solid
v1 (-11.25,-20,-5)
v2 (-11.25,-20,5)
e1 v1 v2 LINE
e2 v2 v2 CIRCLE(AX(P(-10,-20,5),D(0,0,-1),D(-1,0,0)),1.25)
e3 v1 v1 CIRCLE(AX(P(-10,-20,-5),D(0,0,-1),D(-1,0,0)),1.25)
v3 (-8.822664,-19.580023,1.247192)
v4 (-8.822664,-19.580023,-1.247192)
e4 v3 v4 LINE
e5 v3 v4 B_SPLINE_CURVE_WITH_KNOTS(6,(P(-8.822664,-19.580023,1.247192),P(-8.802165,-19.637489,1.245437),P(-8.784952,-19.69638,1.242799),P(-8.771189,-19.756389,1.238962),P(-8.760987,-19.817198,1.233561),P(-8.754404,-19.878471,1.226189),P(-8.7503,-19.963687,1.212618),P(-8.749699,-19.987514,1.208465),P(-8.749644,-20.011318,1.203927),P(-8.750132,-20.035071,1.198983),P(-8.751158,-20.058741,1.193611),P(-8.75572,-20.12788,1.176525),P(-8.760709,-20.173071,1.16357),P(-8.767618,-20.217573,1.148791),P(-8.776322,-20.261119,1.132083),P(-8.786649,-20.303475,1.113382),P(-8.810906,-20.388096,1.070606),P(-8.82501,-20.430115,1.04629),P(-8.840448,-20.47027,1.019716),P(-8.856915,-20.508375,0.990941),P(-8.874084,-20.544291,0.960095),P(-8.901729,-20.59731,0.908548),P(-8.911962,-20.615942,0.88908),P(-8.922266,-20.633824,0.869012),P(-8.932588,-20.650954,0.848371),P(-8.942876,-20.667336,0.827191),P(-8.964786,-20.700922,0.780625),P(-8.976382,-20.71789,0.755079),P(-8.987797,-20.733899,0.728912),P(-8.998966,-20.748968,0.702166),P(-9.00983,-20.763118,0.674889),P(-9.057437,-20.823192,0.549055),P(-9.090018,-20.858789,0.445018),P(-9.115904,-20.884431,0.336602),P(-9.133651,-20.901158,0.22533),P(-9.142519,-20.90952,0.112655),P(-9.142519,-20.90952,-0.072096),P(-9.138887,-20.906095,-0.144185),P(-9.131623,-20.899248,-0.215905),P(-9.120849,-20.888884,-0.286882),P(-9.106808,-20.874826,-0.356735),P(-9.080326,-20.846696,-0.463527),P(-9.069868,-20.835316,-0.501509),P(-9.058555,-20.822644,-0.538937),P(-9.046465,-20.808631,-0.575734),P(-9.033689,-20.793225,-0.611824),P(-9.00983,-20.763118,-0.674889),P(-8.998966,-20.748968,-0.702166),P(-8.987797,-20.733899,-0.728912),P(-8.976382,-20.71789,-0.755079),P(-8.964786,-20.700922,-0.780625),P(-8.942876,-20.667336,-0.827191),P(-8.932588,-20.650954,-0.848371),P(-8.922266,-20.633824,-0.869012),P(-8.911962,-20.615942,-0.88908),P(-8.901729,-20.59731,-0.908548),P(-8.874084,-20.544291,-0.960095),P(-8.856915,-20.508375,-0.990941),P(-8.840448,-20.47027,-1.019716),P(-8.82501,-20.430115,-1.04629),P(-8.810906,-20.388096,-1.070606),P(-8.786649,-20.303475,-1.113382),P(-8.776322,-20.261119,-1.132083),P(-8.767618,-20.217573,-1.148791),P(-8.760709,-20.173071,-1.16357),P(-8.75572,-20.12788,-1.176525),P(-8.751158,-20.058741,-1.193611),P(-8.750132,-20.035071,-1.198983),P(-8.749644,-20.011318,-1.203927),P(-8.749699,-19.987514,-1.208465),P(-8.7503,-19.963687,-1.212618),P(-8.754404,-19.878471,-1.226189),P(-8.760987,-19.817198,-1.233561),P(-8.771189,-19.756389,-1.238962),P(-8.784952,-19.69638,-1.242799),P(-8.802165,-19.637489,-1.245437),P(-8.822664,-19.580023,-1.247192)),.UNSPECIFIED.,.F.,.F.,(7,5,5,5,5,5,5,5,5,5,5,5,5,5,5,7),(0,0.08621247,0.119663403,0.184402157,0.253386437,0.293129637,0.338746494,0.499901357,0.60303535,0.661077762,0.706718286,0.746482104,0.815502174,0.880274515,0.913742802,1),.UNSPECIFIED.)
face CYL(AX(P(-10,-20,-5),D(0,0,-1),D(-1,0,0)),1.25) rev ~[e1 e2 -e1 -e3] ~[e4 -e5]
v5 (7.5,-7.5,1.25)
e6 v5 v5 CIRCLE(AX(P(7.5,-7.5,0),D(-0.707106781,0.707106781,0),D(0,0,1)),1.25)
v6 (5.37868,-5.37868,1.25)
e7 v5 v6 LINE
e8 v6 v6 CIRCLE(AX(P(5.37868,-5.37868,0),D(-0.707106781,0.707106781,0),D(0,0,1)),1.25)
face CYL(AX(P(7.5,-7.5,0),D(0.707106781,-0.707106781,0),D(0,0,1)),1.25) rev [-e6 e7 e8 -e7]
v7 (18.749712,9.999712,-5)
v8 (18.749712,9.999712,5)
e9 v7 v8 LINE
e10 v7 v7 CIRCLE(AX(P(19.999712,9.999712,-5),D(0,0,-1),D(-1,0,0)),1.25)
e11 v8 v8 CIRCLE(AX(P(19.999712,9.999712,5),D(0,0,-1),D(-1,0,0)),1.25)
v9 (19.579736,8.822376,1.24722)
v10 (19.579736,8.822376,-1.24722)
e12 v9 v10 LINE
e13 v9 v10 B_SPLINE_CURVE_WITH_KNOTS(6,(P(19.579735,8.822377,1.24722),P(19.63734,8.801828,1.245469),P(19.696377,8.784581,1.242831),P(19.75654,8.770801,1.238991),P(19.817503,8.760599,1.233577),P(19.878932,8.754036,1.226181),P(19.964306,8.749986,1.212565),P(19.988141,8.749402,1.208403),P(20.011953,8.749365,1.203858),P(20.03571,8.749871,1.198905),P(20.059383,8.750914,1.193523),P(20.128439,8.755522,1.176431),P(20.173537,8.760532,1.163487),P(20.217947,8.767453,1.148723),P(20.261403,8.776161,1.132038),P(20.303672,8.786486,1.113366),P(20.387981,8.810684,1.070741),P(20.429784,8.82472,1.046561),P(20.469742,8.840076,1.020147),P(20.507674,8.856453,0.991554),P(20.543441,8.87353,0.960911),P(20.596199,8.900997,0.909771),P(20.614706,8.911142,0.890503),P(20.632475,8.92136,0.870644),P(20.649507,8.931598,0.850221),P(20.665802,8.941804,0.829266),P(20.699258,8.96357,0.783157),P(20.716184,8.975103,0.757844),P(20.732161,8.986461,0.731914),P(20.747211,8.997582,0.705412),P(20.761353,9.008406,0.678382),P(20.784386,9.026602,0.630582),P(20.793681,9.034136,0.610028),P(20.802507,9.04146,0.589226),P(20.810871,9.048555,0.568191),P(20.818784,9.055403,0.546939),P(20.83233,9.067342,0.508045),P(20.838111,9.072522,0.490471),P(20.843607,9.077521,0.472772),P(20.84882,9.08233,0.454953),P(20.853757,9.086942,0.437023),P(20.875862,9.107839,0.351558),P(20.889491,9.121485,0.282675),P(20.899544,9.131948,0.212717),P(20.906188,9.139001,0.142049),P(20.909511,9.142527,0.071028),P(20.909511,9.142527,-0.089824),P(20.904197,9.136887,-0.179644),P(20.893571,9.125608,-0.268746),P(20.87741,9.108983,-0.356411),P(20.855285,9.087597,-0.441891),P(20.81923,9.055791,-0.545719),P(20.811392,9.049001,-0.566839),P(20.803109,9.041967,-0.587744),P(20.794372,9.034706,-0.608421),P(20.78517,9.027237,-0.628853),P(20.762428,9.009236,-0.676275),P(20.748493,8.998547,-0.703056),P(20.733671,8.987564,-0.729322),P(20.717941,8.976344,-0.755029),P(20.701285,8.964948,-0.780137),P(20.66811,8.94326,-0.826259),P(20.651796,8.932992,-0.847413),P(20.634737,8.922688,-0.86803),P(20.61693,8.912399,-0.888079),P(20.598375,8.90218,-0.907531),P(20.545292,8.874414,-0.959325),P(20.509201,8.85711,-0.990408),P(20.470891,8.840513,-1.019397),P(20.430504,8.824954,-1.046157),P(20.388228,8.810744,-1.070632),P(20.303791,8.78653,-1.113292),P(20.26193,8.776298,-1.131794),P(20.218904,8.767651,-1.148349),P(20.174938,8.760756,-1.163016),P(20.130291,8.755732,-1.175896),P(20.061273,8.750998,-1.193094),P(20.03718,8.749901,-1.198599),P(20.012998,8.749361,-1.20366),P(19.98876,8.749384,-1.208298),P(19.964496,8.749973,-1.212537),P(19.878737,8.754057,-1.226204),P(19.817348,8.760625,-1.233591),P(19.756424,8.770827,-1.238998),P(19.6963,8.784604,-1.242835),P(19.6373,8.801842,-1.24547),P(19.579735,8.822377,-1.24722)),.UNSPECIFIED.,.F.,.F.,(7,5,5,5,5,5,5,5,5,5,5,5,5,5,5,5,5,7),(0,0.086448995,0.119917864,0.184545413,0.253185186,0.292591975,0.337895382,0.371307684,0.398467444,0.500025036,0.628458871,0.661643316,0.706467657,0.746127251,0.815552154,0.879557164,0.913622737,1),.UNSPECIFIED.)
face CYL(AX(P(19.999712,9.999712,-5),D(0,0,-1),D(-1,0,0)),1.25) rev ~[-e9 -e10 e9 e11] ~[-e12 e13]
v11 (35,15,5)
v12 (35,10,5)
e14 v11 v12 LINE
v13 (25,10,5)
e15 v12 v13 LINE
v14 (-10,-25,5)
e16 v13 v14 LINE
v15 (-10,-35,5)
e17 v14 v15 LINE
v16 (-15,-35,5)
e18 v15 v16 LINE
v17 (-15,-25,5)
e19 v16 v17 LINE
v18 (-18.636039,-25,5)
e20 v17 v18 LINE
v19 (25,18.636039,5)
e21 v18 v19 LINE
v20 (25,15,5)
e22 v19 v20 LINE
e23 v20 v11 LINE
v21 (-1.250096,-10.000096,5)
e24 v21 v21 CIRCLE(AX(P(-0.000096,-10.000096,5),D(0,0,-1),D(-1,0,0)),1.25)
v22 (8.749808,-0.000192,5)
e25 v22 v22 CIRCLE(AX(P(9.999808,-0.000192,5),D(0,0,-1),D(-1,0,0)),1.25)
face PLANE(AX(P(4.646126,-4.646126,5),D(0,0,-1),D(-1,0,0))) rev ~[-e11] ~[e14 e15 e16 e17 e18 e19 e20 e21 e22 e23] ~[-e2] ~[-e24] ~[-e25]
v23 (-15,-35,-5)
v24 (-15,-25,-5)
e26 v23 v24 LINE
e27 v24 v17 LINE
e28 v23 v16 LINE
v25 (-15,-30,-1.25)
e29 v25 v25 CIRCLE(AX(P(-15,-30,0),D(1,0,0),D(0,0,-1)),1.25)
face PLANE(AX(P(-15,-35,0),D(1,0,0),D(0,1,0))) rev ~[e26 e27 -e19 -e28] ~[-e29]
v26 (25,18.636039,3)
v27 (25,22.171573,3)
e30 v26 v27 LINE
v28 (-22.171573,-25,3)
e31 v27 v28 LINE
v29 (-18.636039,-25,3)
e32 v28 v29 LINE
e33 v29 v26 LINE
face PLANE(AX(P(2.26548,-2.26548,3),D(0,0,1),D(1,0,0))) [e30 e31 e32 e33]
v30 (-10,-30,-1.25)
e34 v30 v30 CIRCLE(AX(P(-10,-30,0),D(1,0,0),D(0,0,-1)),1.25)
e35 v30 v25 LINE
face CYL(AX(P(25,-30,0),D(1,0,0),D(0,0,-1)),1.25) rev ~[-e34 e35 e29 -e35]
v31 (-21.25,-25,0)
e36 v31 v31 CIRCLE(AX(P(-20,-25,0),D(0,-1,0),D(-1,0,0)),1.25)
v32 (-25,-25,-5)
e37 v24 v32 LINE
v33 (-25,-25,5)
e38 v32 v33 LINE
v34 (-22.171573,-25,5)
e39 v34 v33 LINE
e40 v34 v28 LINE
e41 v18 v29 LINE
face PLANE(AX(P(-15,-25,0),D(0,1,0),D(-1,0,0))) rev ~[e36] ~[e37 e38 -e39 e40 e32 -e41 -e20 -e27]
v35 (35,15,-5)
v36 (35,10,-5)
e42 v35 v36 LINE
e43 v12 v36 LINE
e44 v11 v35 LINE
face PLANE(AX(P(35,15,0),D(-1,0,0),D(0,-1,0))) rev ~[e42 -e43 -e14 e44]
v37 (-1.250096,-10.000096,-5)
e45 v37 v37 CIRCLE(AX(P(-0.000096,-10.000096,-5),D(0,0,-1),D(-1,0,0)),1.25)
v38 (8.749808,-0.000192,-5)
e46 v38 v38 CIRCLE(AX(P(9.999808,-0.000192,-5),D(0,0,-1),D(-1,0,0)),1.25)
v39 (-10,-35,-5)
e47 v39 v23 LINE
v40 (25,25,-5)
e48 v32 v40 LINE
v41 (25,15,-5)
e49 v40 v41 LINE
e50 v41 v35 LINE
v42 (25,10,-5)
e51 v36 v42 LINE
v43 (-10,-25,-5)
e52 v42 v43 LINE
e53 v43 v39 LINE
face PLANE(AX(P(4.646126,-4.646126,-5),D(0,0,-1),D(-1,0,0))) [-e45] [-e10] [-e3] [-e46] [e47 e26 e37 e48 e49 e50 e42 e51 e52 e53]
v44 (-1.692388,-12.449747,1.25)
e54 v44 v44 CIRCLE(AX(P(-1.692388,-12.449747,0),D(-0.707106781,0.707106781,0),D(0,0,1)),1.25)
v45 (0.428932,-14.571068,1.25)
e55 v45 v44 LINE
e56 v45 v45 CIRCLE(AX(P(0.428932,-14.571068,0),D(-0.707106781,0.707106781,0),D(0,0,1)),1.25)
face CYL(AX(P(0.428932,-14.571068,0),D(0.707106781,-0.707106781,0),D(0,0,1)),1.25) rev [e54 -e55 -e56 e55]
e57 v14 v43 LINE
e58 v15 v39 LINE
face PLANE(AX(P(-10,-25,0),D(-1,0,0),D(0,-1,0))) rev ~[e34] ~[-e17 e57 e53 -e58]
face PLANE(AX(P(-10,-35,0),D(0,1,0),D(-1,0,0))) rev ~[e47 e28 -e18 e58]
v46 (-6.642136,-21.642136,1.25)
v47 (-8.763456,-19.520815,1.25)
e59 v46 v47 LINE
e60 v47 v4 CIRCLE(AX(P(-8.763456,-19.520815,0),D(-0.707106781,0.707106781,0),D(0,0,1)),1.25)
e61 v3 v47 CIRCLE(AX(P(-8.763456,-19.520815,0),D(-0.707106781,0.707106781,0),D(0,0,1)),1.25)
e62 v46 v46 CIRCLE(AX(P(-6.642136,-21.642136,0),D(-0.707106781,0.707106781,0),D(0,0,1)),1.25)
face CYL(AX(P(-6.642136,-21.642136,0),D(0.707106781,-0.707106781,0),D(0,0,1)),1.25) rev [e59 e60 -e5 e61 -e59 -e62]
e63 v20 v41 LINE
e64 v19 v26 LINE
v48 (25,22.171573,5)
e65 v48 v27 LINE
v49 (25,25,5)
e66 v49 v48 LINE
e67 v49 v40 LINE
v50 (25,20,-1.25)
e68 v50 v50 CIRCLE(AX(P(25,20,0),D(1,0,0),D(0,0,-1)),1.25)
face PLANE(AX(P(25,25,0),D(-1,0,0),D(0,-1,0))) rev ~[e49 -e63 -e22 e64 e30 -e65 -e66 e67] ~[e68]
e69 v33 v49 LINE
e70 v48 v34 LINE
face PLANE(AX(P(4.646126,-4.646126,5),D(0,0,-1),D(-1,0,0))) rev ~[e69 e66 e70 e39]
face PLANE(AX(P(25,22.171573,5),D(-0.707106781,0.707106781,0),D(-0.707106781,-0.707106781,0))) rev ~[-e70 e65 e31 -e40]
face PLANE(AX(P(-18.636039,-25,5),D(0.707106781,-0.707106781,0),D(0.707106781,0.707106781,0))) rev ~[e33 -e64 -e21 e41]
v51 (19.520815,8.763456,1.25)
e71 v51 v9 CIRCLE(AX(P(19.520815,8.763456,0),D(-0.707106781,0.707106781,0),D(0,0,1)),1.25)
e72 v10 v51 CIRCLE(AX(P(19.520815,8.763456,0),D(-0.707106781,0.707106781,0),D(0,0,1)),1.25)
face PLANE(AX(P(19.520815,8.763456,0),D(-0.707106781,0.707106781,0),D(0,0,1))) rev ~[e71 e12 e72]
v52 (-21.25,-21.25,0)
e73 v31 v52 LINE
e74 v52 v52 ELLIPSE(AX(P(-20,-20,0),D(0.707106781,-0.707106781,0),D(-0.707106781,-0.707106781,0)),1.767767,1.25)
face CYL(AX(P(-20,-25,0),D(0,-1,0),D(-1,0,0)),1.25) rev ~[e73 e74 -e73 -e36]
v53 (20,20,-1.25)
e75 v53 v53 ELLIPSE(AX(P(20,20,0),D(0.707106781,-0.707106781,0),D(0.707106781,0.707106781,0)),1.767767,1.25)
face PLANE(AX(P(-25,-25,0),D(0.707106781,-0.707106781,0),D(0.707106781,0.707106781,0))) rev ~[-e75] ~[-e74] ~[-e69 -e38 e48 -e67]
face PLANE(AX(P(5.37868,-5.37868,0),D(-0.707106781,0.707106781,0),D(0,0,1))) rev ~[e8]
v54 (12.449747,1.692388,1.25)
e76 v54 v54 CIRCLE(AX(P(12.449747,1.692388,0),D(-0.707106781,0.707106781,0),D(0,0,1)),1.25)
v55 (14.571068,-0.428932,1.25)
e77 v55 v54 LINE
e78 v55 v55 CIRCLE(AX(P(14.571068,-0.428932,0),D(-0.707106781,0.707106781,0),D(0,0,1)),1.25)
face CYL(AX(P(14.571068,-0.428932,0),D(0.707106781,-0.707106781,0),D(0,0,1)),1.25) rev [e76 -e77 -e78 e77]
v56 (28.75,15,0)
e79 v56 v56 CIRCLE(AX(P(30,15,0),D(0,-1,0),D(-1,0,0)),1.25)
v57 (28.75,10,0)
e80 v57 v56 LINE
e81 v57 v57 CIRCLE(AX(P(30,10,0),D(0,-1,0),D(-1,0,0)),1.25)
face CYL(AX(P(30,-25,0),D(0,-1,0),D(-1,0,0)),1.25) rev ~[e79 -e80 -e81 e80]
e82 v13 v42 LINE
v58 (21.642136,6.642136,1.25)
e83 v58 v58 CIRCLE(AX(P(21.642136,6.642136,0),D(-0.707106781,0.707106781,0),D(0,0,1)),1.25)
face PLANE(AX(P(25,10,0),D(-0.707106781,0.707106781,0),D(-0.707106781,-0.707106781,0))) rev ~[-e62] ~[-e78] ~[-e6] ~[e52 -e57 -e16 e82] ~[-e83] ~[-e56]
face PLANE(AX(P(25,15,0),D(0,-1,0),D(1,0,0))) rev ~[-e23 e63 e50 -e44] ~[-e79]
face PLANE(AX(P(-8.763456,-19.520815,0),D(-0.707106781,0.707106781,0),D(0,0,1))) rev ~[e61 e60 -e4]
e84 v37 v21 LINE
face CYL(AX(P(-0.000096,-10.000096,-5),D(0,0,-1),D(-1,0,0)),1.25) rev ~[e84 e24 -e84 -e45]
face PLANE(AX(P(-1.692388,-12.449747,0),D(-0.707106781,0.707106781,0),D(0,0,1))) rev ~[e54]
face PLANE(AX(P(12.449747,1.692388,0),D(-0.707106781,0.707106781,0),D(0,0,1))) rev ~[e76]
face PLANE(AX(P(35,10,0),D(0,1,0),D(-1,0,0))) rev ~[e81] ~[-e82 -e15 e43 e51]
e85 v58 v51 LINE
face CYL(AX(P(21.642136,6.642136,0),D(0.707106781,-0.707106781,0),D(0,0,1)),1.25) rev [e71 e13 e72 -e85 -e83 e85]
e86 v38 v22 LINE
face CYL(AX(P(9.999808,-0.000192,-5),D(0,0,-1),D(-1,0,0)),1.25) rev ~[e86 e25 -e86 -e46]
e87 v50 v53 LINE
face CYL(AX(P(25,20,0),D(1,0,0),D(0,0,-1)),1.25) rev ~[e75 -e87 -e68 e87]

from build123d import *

# Parameters (mm, degrees)
MAIN_DEPTH         = 5
SKETCH2_R          = 1.25
FIXHOLE1_DEPTH     = 51
SKETCH3_R          = 1.25
FIXHOLE2_DEPTH     = 51
WINDOWSLOT1_DEPTH  = 2
SKETCH6_R          = 1.25
CUT_EXTRUDE2_DEPTH = 3
LPATTERN1_COUNT    = 5
LPATTERN1_PITCH    = 10
SKETCH7_R          = 1.25
CUT_EXTRUDE3_DEPTH = 11
LPATTERN2_COUNT    = 4
LPATTERN2_PITCH    = 14.142


with BuildPart() as part:
    # Sketch1 → Main (new body, symmetric)
    with BuildSketch(Plane.XY):
        Polygon((-25, -25), (25, 25), (25, 15), (35, 15), (35, 10), (25, 10), (-10, -25), (-10, -35), (-15, -35), (-15, -25), align=None)
    extrude(amount=MAIN_DEPTH, both=True)

    # Sketch2 → FixHole1 (cut, through all)
    with BuildSketch(Plane(origin=(25, 0, 0), x_dir=(0, 0, -1), z_dir=(1, 0, 0))):
        with Locations((0, -30)):
            Circle(SKETCH2_R)
        with Locations((0, 20)):
            Circle(SKETCH2_R)
    extrude(amount=-FIXHOLE1_DEPTH, mode=Mode.SUBTRACT)

    # Sketch3 → FixHole2 (cut, through all)
    with BuildSketch(Plane(origin=(0, -25, 0), x_dir=(-1, 0, 0), z_dir=(0, -1, 0))):
        with Locations((20, 0)):
            Circle(SKETCH3_R)
        with Locations((-30, 0)):
            Circle(SKETCH3_R)
    extrude(amount=-FIXHOLE2_DEPTH, mode=Mode.SUBTRACT)

    # Sketch4 → WindowSlot1 (cut)
    with BuildSketch(Plane.XY.offset(5)):
        Polygon((25, 22.171572875), (-22.171572875, -25), (-18.636038969, -25), (25, 18.636038969), align=None)
    extrude(amount=-WINDOWSLOT1_DEPTH, mode=Mode.SUBTRACT)

    # Sketch6 → Cut-Extrude2 (cut)
    with BuildSketch(Plane(origin=(7.5, -7.5, 0), x_dir=(0, 0, 1), z_dir=(-0.707106781, 0.707106781, 0))):
        with Locations((0, 20)):
            Circle(SKETCH6_R)
    cut_extrude2 = extrude(amount=CUT_EXTRUDE2_DEPTH, mode=Mode.SUBTRACT)

    # LPattern1: Cut-Extrude2 ×5
    with Locations(*[Vector(-0.707106781, -0.707106781, 0) * (i * LPATTERN1_PITCH) for i in range(1, LPATTERN1_COUNT)]):
        add(cut_extrude2, mode=Mode.SUBTRACT)

    # Sketch7 → Cut-Extrude3 (cut, through all)
    with BuildSketch(Plane(origin=(0, 0, -5), x_dir=(-1, 0, 0), z_dir=(0, 0, -1))):
        with Locations((10, -20)):
            Circle(SKETCH7_R)
    cut_extrude3 = extrude(amount=-CUT_EXTRUDE3_DEPTH, mode=Mode.SUBTRACT)

    # LPattern2: Cut-Extrude3 ×4
    with Locations(*[Vector(0.707106781, 0.707106781, 0) * (i * LPATTERN2_PITCH) for i in range(1, LPATTERN2_COUNT)]):
        add(cut_extrude3, mode=Mode.SUBTRACT)


solid = part.part
